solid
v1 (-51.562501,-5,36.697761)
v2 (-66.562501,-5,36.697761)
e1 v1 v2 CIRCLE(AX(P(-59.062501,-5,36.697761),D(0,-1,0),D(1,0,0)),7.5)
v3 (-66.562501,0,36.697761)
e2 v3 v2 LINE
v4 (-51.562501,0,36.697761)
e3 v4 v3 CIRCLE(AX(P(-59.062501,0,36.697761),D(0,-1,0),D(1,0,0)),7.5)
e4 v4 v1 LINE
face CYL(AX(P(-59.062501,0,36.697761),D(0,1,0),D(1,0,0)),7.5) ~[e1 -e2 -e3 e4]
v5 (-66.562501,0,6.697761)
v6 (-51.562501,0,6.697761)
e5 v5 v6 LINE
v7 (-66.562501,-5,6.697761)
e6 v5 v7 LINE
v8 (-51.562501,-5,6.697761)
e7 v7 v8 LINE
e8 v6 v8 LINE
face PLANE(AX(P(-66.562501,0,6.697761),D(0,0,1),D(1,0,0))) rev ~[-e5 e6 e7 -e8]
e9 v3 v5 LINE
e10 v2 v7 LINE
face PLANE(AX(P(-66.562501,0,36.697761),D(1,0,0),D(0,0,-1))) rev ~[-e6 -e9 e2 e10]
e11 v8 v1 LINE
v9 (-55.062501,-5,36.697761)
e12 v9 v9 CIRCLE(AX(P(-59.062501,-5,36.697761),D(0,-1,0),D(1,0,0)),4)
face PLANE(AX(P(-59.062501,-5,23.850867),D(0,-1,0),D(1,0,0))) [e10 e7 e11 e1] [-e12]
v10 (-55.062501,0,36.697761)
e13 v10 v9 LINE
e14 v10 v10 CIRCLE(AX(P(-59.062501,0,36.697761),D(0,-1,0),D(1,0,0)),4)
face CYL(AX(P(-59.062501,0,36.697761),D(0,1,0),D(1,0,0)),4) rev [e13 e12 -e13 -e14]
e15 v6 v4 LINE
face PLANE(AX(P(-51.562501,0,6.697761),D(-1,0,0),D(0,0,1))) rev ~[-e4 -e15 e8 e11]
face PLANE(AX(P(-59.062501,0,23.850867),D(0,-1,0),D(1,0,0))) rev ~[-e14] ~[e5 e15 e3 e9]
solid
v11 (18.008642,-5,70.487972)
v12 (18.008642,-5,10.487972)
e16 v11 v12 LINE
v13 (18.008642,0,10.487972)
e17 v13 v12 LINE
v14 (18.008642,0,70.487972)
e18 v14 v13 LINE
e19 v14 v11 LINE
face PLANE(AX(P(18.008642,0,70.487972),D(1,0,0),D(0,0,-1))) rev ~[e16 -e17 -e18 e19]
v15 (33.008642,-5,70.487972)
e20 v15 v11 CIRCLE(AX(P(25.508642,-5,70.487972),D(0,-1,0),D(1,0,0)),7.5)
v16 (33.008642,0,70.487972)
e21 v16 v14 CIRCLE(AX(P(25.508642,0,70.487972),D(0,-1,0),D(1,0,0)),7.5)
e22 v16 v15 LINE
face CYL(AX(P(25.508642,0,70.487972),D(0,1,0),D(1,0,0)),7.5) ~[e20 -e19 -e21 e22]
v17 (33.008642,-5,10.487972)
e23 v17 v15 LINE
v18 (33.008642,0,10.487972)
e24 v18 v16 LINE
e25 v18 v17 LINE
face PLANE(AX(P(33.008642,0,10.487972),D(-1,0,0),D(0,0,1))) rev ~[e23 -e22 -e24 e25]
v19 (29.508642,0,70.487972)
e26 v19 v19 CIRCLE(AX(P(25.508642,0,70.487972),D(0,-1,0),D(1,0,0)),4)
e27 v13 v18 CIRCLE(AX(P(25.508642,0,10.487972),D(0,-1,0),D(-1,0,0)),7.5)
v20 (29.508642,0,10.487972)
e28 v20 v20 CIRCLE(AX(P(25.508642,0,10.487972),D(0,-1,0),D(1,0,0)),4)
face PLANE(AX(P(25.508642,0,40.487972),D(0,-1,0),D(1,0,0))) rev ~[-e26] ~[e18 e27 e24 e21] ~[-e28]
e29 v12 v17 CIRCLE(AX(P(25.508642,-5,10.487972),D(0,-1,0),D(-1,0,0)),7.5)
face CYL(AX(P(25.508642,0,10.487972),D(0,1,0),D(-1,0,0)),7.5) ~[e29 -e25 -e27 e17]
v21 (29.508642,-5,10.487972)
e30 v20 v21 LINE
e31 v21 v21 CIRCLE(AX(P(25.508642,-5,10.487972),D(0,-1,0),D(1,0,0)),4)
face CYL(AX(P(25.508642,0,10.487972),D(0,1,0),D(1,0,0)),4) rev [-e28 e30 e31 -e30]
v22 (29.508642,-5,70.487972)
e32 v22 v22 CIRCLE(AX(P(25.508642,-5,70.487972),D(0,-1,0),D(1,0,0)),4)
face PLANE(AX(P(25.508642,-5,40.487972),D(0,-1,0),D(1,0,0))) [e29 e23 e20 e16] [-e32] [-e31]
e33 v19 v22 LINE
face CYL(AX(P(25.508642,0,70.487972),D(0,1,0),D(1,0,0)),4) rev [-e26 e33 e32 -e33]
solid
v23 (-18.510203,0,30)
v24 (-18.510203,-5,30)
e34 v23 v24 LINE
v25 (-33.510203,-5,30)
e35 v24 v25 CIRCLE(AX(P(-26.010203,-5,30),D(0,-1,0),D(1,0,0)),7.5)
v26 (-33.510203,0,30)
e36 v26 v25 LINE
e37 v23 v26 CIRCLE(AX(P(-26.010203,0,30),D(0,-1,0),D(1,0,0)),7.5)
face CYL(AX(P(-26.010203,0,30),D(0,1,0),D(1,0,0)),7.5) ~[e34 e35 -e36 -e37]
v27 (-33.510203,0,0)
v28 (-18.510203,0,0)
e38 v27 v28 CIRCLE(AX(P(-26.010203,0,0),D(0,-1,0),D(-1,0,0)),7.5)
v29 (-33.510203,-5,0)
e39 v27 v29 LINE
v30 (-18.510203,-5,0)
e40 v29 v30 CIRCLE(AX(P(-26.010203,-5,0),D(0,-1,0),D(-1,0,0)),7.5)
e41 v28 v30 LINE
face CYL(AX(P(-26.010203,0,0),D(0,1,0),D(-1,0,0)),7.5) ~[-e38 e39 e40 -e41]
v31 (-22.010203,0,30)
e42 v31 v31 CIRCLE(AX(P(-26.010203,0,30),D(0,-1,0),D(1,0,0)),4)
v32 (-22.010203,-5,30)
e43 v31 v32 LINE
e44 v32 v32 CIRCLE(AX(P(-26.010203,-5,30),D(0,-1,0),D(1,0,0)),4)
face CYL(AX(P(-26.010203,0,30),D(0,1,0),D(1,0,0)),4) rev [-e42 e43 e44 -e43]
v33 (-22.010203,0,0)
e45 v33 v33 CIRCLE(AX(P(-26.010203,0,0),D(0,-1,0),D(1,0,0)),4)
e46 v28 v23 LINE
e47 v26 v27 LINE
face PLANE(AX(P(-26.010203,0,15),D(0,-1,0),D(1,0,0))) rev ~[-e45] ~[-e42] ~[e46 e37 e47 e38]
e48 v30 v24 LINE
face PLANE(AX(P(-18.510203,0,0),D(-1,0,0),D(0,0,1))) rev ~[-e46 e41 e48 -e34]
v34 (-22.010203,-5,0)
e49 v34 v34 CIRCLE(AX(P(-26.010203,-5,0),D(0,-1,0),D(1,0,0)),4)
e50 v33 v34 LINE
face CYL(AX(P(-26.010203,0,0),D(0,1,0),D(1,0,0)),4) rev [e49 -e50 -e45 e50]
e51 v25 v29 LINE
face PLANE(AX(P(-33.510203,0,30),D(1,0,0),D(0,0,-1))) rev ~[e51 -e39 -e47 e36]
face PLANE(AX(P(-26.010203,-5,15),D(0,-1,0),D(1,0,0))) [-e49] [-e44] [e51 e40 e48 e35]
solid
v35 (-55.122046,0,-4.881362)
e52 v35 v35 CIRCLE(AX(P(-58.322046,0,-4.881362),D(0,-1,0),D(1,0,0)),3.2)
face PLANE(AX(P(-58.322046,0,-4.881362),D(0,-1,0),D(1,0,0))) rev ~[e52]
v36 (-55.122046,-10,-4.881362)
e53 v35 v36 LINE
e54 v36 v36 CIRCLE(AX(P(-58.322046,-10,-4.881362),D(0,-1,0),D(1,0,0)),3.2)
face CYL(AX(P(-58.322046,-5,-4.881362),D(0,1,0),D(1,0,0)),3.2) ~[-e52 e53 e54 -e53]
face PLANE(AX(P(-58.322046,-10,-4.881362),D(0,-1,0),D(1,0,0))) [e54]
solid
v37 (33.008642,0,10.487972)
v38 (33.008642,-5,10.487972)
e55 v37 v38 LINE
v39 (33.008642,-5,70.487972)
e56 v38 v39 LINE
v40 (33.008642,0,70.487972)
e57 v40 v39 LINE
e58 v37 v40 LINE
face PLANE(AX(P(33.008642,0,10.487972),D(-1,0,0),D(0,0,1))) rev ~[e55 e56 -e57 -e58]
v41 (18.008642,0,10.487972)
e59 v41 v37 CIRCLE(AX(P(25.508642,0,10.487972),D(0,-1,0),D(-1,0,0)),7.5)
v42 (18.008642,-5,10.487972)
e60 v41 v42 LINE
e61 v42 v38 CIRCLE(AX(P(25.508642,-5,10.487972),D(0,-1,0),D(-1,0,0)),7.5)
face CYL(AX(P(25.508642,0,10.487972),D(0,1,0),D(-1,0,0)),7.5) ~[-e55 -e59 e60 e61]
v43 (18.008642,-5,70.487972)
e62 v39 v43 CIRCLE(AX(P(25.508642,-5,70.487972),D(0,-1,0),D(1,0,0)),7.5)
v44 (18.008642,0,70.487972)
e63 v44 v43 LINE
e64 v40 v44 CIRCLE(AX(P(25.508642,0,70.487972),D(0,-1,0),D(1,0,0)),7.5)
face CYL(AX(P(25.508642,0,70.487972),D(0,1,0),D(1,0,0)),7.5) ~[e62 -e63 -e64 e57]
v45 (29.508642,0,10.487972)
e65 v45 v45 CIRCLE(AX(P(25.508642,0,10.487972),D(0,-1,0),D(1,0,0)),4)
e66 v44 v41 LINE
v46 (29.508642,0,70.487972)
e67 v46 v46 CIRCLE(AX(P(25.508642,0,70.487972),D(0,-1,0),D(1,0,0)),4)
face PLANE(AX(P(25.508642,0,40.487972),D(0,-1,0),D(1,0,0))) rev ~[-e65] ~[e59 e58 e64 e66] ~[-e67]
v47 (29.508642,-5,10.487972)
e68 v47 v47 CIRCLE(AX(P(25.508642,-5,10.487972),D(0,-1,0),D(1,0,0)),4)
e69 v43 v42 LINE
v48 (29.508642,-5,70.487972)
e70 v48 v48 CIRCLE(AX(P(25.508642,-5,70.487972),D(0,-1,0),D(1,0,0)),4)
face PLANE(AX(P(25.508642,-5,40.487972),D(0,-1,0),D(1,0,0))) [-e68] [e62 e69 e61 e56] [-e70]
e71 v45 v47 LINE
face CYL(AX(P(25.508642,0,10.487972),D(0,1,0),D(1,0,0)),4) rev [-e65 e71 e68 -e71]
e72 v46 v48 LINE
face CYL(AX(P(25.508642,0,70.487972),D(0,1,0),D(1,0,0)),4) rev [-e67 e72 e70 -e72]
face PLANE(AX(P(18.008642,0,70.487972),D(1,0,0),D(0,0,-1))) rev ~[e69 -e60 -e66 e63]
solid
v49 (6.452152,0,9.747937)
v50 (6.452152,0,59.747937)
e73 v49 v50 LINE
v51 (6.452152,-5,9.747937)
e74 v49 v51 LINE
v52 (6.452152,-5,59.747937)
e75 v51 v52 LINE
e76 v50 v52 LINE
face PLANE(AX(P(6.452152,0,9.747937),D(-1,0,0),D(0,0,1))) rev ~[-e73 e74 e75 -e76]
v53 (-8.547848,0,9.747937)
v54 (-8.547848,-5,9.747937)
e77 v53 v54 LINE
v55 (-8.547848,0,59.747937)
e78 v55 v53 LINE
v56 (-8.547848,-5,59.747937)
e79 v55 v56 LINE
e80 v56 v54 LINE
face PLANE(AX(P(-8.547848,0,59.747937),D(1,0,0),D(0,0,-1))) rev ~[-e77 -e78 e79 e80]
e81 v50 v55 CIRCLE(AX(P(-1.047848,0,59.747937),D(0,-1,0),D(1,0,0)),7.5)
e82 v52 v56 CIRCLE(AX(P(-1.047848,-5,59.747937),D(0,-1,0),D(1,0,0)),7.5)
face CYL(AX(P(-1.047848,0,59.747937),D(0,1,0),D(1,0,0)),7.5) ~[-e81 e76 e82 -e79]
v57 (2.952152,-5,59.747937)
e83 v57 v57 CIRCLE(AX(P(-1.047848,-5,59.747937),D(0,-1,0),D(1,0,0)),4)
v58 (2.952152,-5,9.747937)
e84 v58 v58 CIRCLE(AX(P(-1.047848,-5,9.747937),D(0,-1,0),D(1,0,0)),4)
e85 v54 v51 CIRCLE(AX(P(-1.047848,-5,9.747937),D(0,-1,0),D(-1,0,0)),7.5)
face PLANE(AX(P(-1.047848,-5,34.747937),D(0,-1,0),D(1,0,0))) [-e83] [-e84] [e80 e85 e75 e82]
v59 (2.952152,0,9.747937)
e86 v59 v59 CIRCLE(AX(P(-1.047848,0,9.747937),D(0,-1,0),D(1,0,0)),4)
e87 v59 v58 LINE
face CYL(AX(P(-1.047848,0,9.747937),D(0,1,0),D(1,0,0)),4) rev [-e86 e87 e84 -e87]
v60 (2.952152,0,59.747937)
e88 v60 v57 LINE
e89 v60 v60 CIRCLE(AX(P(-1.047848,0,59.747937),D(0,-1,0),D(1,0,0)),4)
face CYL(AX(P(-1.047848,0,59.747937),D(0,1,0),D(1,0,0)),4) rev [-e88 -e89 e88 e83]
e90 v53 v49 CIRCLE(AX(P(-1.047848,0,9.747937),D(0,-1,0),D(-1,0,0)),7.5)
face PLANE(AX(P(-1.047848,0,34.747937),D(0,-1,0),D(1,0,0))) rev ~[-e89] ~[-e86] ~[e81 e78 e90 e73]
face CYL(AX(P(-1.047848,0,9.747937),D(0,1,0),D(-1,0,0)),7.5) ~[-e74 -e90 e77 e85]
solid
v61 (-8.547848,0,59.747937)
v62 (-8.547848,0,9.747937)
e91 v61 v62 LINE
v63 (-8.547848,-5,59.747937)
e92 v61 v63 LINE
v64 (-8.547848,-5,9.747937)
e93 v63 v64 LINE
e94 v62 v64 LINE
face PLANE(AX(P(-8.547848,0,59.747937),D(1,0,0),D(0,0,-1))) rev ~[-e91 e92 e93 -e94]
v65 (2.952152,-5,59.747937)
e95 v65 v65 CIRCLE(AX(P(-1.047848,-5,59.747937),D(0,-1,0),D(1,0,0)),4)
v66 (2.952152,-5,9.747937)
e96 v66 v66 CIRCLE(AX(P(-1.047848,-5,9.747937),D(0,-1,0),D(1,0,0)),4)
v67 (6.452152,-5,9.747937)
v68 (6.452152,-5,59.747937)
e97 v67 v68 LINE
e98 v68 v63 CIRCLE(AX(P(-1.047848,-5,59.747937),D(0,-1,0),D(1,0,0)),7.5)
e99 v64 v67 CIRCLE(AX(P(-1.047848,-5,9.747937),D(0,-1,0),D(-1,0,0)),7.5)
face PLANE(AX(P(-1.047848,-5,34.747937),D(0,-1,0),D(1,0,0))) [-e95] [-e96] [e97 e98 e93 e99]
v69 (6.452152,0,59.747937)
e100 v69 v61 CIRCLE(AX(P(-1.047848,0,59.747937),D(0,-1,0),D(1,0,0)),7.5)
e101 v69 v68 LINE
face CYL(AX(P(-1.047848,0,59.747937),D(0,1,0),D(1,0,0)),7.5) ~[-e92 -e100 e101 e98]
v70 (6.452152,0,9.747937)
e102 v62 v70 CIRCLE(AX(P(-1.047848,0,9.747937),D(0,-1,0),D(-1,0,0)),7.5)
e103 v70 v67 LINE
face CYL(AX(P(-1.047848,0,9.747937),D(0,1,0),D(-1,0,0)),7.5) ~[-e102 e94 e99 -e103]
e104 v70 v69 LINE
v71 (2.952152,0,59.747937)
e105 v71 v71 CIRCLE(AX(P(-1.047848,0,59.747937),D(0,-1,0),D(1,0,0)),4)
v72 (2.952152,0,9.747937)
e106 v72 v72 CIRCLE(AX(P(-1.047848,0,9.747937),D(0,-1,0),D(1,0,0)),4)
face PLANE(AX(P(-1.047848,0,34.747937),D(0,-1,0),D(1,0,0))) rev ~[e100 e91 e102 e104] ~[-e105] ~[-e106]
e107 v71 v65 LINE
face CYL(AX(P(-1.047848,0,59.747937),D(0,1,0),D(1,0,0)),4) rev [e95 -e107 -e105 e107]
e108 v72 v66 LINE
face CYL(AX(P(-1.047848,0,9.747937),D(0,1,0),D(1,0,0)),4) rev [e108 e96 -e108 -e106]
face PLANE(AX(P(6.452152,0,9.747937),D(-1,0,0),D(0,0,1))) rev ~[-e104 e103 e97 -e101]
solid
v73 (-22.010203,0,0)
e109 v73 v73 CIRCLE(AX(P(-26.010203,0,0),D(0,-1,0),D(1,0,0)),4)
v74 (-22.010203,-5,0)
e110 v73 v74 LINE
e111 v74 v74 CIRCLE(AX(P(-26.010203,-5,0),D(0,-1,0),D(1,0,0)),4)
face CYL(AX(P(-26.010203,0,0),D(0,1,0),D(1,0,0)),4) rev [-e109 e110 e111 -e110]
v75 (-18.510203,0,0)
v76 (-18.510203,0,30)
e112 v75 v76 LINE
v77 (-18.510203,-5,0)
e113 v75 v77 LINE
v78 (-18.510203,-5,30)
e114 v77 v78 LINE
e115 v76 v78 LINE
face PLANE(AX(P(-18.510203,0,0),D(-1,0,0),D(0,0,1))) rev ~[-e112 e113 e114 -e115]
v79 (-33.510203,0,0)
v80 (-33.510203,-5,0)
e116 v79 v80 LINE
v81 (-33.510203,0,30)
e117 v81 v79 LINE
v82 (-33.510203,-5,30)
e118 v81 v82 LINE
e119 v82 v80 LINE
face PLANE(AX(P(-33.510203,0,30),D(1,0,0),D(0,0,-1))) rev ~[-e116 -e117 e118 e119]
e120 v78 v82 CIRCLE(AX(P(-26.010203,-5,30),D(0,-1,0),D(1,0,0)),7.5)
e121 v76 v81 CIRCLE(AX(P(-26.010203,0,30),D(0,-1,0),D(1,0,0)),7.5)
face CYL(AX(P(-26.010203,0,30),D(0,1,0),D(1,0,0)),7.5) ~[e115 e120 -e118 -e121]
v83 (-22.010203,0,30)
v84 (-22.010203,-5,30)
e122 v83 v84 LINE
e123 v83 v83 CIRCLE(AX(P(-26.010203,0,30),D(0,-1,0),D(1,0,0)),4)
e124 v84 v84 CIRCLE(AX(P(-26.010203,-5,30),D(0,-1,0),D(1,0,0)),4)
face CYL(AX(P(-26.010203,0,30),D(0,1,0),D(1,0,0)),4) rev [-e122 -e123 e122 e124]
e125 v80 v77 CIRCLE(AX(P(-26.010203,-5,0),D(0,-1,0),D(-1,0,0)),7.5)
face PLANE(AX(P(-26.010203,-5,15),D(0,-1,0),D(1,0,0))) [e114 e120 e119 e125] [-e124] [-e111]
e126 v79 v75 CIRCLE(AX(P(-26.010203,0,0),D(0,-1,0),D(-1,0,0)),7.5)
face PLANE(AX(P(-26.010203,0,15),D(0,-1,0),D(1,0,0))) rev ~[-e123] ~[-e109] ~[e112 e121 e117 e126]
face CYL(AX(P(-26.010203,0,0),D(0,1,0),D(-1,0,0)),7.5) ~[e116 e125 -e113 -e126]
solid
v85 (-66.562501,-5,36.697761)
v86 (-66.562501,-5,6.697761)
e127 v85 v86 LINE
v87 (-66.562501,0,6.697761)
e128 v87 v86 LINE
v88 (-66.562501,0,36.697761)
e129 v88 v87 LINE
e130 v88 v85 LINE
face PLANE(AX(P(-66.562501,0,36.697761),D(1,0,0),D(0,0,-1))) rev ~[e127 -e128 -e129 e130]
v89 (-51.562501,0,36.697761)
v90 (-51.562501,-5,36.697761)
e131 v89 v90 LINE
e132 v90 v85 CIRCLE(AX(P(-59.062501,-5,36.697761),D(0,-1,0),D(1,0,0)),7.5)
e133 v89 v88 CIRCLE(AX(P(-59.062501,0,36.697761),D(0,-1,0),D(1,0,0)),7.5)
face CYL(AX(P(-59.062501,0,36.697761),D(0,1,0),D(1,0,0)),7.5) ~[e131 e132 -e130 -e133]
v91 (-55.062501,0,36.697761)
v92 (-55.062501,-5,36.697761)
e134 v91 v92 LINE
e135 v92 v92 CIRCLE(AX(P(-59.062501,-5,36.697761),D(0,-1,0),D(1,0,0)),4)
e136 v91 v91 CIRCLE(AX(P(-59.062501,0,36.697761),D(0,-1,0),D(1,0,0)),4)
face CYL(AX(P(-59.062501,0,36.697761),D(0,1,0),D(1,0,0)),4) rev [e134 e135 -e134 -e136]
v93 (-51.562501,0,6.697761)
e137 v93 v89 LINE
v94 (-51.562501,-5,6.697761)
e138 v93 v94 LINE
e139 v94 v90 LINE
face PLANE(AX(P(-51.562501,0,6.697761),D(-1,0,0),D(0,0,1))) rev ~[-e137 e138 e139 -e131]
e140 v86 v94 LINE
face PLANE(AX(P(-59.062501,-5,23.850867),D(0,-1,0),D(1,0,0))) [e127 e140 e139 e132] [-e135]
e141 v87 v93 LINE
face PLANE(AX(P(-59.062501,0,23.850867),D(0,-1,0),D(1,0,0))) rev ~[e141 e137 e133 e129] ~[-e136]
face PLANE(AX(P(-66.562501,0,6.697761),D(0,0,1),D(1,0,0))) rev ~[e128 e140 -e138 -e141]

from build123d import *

# Parameters (mm, degrees)
F0_R      = 4
F1_DEPTH  = 5
F0_R_2    = 3.2
F2_DEPTH  = 5
F2_FACE_R = 3.2
F3_DEPTH  = 5


with BuildPart() as f1:
    # F0 (on Front) → F1 (new body)
    with BuildSketch(Plane.XZ):
        with BuildLine():
            ThreePointArc((-51.562501, 36.697761), (-59.062501, 44.197761), (-66.562501, 36.697761))
            Line((-66.562501, 36.697761), (-66.562501, 6.697761))
            Line((-66.562501, 6.697761), (-51.562501, 6.697761))
            Line((-51.562501, 6.697761), (-51.562501, 36.697761))
        make_face()
        with Locations((-59.062501, 36.697761)):
            Circle(F0_R, mode=Mode.SUBTRACT)
        with BuildLine():
            ThreePointArc((-18.510203, 30), (-26.010203, 37.5), (-33.510203, 30))
            Line((-33.510203, 30), (-33.510203, 0))
            ThreePointArc((-33.510203, 0), (-26.010203, -7.5), (-18.510203, 0))
            Line((-18.510203, 0), (-18.510203, 30))
        make_face()
        with Locations((-26.010203, 0)):
            Circle(F0_R, mode=Mode.SUBTRACT)
        with Locations((-26.010203, 30)):
            Circle(F0_R, mode=Mode.SUBTRACT)
        with BuildLine():
            ThreePointArc((6.452152, 59.747937), (-1.047848, 67.247937), (-8.547848, 59.747937))
            Line((-8.547848, 59.747937), (-8.547848, 9.747937))
            ThreePointArc((-8.547848, 9.747937), (-1.047848, 2.247937), (6.452152, 9.747937))
            Line((6.452152, 9.747937), (6.452152, 59.747937))
        make_face()
        with Locations((-1.047848, 9.747937)):
            Circle(F0_R, mode=Mode.SUBTRACT)
        with Locations((-1.047848, 59.747937)):
            Circle(F0_R, mode=Mode.SUBTRACT)
        with BuildLine():
            ThreePointArc((33.008642, 70.487972), (25.508642, 77.987972), (18.008642, 70.487972))
            Line((18.008642, 70.487972), (18.008642, 10.487972))
            ThreePointArc((18.008642, 10.487972), (25.508642, 2.987972), (33.008642, 10.487972))
            Line((33.008642, 10.487972), (33.008642, 70.487972))
        make_face()
        with Locations((25.508642, 10.487972)):
            Circle(F0_R, mode=Mode.SUBTRACT)
        with Locations((25.508642, 70.487972)):
            Circle(F0_R, mode=Mode.SUBTRACT)
    extrude(amount=F1_DEPTH)


with BuildPart() as f2:
    # F0 (on Front) → F2 (new body)
    with BuildSketch(Plane.XZ):
        with BuildLine():
            ThreePointArc((-51.562501, 36.697761), (-59.062501, 44.197761), (-66.562501, 36.697761))
            Line((-66.562501, 36.697761), (-66.562501, 6.697761))
            Line((-66.562501, 6.697761), (-51.562501, 6.697761))
            Line((-51.562501, 6.697761), (-51.562501, 36.697761))
        make_face()
        with Locations((-59.062501, 36.697761)):
            Circle(F0_R, mode=Mode.SUBTRACT)
        with BuildLine():
            ThreePointArc((-18.510203, 30), (-26.010203, 37.5), (-33.510203, 30))
            Line((-33.510203, 30), (-33.510203, 0))
            ThreePointArc((-33.510203, 0), (-26.010203, -7.5), (-18.510203, 0))
            Line((-18.510203, 0), (-18.510203, 30))
        make_face()
        with Locations((-26.010203, 0)):
            Circle(F0_R, mode=Mode.SUBTRACT)
        with Locations((-26.010203, 30)):
            Circle(F0_R, mode=Mode.SUBTRACT)
        with BuildLine():
            ThreePointArc((6.452152, 59.747937), (-1.047848, 67.247937), (-8.547848, 59.747937))
            Line((-8.547848, 59.747937), (-8.547848, 9.747937))
            ThreePointArc((-8.547848, 9.747937), (-1.047848, 2.247937), (6.452152, 9.747937))
            Line((6.452152, 9.747937), (6.452152, 59.747937))
        make_face()
        with Locations((-1.047848, 9.747937)):
            Circle(F0_R, mode=Mode.SUBTRACT)
        with Locations((-1.047848, 59.747937)):
            Circle(F0_R, mode=Mode.SUBTRACT)
        with BuildLine():
            ThreePointArc((33.008642, 70.487972), (25.508642, 77.987972), (18.008642, 70.487972))
            Line((18.008642, 70.487972), (18.008642, 10.487972))
            ThreePointArc((18.008642, 10.487972), (25.508642, 2.987972), (33.008642, 10.487972))
            Line((33.008642, 10.487972), (33.008642, 70.487972))
        make_face()
        with Locations((25.508642, 10.487972)):
            Circle(F0_R, mode=Mode.SUBTRACT)
        with Locations((25.508642, 70.487972)):
            Circle(F0_R, mode=Mode.SUBTRACT)
        with Locations((-58.322046, -4.881362)):
            Circle(F0_R_2)
    extrude(amount=F2_DEPTH)

    # F2_face (on face) → F3 (join)
    with BuildSketch(Plane(origin=(-58.322046, -5, -4.881362), x_dir=(1, 0, 0), z_dir=(0, -1, 0))):
        Circle(F2_FACE_R)
    extrude(amount=F3_DEPTH)


solid = Compound([f1.part, f2.part])
